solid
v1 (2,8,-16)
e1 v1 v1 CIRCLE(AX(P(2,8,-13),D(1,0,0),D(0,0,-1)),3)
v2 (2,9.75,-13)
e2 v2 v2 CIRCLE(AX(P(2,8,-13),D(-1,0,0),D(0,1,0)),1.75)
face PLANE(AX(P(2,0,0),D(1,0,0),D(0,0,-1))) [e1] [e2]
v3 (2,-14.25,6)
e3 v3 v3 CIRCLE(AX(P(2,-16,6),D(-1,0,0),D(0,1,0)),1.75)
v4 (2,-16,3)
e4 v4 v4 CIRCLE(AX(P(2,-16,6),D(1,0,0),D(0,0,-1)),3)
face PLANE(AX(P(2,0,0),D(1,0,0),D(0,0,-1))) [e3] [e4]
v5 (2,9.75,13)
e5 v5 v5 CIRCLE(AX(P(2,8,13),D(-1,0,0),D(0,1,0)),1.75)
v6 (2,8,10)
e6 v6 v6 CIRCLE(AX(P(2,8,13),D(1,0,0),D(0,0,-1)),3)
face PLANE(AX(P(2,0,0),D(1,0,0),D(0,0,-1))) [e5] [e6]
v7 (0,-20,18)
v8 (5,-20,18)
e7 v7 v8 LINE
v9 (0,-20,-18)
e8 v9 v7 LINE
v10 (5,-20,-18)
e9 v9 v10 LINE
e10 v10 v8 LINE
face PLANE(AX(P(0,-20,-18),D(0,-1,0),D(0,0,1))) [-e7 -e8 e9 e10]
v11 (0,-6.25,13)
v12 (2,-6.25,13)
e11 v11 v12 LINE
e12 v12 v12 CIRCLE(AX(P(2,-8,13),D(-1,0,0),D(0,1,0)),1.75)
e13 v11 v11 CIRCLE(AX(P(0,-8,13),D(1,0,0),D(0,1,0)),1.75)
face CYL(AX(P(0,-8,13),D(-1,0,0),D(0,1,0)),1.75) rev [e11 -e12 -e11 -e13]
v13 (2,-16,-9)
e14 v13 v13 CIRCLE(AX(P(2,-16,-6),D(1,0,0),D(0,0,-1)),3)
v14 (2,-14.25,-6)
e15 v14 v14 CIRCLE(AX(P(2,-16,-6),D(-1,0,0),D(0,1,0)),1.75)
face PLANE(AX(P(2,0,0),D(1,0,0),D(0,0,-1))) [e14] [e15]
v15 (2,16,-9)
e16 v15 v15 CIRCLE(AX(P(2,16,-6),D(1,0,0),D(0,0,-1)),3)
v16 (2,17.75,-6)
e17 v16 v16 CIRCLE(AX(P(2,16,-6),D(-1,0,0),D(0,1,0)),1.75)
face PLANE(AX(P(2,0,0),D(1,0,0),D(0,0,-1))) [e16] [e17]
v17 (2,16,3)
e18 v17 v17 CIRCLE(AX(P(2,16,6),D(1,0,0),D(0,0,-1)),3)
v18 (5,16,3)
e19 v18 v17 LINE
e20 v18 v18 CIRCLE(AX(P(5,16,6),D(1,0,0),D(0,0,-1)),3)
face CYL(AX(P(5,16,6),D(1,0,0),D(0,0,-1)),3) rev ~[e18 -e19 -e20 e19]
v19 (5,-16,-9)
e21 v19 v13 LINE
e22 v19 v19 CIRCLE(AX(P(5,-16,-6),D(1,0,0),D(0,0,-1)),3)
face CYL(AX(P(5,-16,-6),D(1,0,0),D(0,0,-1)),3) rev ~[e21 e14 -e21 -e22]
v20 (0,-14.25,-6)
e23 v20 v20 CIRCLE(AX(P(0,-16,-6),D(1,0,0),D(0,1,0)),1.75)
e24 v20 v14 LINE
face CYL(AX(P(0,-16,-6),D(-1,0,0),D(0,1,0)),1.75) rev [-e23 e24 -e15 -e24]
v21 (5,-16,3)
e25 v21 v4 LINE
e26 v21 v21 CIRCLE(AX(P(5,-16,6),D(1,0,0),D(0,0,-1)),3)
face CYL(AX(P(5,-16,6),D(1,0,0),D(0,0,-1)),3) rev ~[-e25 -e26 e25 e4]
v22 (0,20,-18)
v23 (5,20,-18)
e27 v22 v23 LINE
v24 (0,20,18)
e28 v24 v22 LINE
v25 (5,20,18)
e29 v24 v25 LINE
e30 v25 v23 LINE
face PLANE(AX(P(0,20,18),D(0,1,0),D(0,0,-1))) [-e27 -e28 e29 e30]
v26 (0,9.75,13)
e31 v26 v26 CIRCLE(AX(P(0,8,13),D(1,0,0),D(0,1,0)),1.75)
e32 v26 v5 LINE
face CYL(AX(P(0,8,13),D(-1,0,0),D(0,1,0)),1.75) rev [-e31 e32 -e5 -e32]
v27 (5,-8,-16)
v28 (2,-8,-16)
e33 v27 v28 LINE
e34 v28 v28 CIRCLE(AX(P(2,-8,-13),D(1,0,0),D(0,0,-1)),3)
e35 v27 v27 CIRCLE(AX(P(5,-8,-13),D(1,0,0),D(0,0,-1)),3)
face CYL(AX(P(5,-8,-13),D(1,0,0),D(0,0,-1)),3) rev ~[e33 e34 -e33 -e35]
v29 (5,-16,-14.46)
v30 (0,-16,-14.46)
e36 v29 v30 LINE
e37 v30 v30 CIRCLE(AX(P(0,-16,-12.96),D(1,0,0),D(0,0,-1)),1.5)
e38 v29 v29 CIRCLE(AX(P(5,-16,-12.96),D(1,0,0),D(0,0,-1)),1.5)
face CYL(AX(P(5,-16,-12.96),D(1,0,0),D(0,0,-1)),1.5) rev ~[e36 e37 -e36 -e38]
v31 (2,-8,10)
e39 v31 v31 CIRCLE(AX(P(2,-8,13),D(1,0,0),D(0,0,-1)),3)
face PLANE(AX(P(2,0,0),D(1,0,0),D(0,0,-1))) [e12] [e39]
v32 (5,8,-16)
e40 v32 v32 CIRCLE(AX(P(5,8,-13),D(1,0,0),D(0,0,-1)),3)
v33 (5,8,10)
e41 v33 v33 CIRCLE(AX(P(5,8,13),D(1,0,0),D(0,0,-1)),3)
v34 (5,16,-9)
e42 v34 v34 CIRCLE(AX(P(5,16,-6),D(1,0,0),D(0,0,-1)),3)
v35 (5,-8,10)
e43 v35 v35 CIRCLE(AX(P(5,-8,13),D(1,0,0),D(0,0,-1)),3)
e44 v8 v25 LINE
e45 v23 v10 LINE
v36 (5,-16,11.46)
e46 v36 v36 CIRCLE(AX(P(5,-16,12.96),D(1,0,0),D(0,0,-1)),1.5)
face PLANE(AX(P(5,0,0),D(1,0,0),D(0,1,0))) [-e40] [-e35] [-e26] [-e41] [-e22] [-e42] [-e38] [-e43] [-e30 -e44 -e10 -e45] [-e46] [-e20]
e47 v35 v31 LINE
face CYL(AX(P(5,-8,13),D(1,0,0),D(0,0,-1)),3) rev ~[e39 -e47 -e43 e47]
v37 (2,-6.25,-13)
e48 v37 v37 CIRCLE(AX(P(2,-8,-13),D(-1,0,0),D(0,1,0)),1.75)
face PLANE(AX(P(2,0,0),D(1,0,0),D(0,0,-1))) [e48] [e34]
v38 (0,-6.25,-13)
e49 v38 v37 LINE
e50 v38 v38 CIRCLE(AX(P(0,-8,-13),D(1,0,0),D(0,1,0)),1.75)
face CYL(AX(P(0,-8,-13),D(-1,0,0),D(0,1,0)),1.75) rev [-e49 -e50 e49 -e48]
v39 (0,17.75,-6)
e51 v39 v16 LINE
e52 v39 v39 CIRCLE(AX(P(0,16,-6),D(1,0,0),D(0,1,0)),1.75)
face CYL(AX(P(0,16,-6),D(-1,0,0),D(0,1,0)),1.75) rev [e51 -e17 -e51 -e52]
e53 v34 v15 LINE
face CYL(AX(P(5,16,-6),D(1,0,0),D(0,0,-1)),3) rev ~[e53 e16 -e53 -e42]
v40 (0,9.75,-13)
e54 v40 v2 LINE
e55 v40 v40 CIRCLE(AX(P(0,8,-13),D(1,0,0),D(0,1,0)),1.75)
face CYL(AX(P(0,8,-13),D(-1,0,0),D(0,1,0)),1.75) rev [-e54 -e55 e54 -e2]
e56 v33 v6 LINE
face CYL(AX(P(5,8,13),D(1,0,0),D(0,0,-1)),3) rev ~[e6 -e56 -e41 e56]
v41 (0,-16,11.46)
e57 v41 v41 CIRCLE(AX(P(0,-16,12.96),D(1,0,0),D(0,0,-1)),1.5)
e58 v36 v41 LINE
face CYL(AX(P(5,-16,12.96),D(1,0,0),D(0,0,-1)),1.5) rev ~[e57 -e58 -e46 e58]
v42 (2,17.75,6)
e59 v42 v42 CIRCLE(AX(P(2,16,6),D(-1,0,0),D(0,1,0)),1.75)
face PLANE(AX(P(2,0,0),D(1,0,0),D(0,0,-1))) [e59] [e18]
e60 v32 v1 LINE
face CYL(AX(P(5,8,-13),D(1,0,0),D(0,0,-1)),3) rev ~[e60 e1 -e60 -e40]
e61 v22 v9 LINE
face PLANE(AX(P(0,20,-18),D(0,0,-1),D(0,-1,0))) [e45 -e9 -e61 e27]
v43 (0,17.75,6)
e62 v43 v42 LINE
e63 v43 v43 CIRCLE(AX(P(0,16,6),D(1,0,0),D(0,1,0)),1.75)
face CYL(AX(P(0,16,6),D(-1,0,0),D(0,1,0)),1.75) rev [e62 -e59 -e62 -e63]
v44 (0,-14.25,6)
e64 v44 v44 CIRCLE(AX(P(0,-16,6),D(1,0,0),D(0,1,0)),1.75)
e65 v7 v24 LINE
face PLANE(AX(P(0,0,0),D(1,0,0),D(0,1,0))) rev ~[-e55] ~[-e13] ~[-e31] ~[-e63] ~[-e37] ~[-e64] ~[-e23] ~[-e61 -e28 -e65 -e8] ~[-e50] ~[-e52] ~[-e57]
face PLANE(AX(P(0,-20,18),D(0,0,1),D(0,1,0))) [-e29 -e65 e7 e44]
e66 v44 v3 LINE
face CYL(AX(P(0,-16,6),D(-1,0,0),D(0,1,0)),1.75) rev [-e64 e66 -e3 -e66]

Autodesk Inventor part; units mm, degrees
ref_plane "YZ Plane" through (0, 0, 0) normal (1, 0, 0) x (0, 1, 0)
ref_plane "XZ Plane" through (0, 0, 0) normal (0, 1, 0) x (-1, 0, 0)
ref_plane "XY Plane" through (0, 0, 0) normal (0, 0, 1) x (1, 0, 0)
sketch "Sketch1" plane through (0, 0, 0) normal (1, 0, 0) x (0, 1, 0)
  line L0 (-20, 18) -> (20, 18)
  line L1 (20, 18) -> (20, -18)
  line L2 (20, -18) -> (-20, -18)
  line L3 (-20, -18) -> (-20, 18)
  line L4 (-20, 18) -> (20, -18) construction
  line L5 (20, 18) -> (-20, -18) construction
  circle A0 centre (8, 13) radius 1.75
  circle A1 centre (8, -13) radius 1.75
  line L6 (20, 0) -> (-20, 0) construction
  line L7 (0, 18) -> (0, -18) construction
  circle A2 centre (16, 6) radius 1.75
  circle A3 centre (16, -6) radius 1.75
  circle A4 centre (-8, 13) radius 1.75
  circle A5 centre (-8, -13) radius 1.75
  circle A6 centre (-16, 6) radius 1.75
  circle A7 centre (-16, -6) radius 1.75
  point P0 (0, 0)
  dimension "d0" = 40
  dimension "d1" = 36
  dimension "d2" = 3.5
  dimension "d3" = 3.5
  dimension "d4" = 13
  dimension "d5" = 13
  dimension "d6" = 8
  dimension "d7" = 8
  dimension "d8" = 3.5
  dimension "d9" = 4
  dimension "d10" = 6
  dimension "d11" = 3.5
  dimension "d12" = 6
  dimension "d13" = 4
extrude "Extrusion1" add sketch "Sketch1" along normal blind 5
sketch "Sketch2" plane through (5, 0, 0) normal (1, 0, 0) x (0, 0, -1)
  circle A0 centre (-13, 8) radius 1.75 construction
  line L0 (-13, 9.75) -> (-13, 8) construction
  circle A1 centre (-13, 8) radius 3
  circle A2 centre (-6, 16) radius 1.75 construction
  line L1 (-6, 17.75) -> (-6, 16) construction
  circle A3 centre (6, 16) radius 1.75 construction
  line L2 (-6, 16) -> (6, 16) construction
  circle A4 centre (13, 8) radius 1.75 construction
  line L3 (6, 16) -> (13, 8) construction
  circle A5 centre (-6, 16) radius 3
  circle A6 centre (6, 16) radius 3
  circle A7 centre (13, 8) radius 3
  line L4 (-18, 20) -> (-18, -20) construction
  line L5 (-18, 0) -> (18, 0) construction
  line L6 (18, 20) -> (18, -20) construction
  circle A8 centre (-13, -8) radius 3
  circle A9 centre (-6, -16) radius 3
  circle A10 centre (6, -16) radius 3
  circle A11 centre (13, -8) radius 3
  point P0 (0, 0)
  dimension "d16" = 6
  dimension "d17" = 6
  dimension "d18" = 6
  dimension "d19" = 6
extrude "Extrusion2" cut sketch "Sketch2" against normal blind 3
sketch "Sketch3" plane through (5, 0, 0) normal (1, 0, 0) x (0, 0, -1)
  circle A0 centre (-12.96, -16) radius 1.5
  circle A1 centre (12.96, -16) radius 1.5
  line L0 (0, 0) -> (0, -23.2613) construction
  line L1 (-18, -20) -> (18, -20) construction
  dimension "d22" = 3
  dimension "d23" = 3
  dimension "d24" = 12.96
  dimension "d25" = 12.96
  dimension "d26" = 4
  dimension "d27" = 4
extrude "Extrusion3" cut sketch "Sketch3" against normal blind 5
properties part number "Steam Chest Cover" material "Iron, Cast"
